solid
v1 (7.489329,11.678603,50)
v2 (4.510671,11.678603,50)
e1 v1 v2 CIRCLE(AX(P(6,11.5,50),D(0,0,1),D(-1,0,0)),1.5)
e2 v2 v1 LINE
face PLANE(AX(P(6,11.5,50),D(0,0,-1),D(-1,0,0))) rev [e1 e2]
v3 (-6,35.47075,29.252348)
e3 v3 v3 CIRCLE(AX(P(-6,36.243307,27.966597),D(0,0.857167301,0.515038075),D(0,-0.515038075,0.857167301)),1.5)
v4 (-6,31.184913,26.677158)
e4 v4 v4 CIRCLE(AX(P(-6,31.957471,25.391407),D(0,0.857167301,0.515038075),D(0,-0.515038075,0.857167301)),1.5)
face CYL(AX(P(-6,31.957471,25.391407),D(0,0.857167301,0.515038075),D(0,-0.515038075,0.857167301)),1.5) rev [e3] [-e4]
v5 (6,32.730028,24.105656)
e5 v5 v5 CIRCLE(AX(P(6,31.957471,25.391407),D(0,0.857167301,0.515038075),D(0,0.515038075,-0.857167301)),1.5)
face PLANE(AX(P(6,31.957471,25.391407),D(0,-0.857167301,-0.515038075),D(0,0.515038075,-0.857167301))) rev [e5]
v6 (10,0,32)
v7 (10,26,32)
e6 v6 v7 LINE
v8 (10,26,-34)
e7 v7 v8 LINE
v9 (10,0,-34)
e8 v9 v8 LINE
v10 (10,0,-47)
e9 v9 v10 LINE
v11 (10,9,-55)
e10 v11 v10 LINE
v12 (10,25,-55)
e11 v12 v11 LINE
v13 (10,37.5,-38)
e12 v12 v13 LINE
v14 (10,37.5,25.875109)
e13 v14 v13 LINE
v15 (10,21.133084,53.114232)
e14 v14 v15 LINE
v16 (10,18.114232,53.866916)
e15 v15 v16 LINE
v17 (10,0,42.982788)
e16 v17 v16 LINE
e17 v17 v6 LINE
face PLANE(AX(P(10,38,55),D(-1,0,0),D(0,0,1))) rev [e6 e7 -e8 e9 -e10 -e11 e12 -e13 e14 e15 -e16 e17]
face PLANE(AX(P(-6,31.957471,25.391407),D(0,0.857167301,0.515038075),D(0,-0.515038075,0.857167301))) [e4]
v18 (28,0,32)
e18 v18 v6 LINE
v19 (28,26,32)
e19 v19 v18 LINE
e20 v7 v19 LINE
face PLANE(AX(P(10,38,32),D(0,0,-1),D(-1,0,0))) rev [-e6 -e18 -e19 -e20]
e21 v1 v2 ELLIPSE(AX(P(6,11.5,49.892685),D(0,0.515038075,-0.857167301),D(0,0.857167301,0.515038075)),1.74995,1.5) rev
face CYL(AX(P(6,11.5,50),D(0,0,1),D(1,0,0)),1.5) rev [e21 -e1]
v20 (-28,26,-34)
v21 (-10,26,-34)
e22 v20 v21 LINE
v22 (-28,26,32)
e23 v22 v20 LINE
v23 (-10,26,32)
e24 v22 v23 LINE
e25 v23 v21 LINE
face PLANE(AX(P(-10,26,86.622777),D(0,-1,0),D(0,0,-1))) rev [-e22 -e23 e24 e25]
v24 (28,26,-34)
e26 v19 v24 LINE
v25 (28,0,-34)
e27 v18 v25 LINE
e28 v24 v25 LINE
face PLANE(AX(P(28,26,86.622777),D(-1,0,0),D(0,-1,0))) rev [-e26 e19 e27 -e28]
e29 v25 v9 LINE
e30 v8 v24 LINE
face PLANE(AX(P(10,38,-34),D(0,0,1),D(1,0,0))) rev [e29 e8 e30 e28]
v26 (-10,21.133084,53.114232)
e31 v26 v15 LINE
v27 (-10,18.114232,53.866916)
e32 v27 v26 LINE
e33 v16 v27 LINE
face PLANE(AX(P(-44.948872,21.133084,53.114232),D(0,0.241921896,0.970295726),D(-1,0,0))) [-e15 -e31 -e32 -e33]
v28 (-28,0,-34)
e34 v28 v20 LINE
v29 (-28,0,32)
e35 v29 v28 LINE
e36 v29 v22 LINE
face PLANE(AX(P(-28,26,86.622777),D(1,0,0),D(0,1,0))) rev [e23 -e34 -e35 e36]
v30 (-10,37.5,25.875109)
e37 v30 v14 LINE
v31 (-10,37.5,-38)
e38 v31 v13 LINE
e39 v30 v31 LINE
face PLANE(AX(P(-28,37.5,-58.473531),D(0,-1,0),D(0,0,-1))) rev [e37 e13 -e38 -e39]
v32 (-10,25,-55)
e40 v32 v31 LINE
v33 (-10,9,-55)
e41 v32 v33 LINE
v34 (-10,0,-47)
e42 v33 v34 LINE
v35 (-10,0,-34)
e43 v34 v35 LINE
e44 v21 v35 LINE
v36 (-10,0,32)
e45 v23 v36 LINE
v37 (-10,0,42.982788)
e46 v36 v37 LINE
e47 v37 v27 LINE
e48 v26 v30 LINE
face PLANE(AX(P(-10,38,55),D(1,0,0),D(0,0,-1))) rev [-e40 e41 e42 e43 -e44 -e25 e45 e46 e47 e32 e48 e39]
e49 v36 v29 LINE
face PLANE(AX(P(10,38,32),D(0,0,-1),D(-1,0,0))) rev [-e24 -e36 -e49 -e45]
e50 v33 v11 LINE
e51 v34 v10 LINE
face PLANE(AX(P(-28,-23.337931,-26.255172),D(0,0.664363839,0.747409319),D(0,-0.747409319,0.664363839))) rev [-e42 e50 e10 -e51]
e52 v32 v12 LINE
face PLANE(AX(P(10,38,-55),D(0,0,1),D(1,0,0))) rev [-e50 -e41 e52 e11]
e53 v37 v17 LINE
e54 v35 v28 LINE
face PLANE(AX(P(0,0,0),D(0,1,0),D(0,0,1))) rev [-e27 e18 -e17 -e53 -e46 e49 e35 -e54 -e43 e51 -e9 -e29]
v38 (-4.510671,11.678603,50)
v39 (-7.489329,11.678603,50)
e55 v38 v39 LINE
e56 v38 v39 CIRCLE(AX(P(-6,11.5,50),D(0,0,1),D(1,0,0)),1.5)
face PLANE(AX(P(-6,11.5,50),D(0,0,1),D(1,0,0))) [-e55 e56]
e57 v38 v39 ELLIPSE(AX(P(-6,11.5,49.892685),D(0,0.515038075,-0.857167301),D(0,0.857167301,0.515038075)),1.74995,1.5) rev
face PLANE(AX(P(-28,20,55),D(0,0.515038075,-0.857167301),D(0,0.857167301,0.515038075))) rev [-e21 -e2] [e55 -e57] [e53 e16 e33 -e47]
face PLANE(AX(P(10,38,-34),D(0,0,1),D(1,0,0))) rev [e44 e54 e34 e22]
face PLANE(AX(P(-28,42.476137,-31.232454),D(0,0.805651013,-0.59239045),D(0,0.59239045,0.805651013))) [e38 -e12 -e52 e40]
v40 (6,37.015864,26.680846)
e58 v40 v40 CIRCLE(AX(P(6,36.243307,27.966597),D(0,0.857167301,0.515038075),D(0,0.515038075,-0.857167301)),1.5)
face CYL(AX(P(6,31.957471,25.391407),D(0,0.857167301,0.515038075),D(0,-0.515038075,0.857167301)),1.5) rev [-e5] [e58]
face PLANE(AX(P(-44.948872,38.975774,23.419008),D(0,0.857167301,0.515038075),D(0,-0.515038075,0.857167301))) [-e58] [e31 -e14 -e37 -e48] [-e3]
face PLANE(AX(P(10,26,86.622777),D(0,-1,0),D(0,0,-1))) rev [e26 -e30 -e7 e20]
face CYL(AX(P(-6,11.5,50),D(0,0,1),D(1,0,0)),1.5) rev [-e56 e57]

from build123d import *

# Parameters (mm, degrees)
SKETCH_1_W           = 20
SKETCH_1_H           = 110
EXTRUDE_1_DEPTH      = 38
EXTRUDE_4_DEPTH      = 32
EXTRUDE_4_DEPTH_BACK = 34
SKETCH_2_W           = 18
SKETCH_2_H           = 26
CUT_EXTRUDE_1_DEPTH  = 20
SKETCH_9_R           = 1.5
CUT_EXTRUDE_3_DEPTH  = 5
SKETCH_10_W          = 99.275483207
SKETCH_10_H          = 3
CUT_EXTRUDE_4_DEPTH  = 77.896033708
SKETCH_8_R           = 1.5
CUT_EXTRUDE_2_DEPTH  = 5
CUT_EXTRUDE_5_DEPTH  = 77.650179387
CUT_EXTRUDE_6_DEPTH  = 77.650179387
CHAMFER_1_SIZE       = 2.2


with BuildPart() as part:
    # 草图1 → 凸台-拉伸1 (new body)
    with BuildSketch(Plane(origin=(0, 0, 0), x_dir=(1, 0, 0), z_dir=(0, 1, 0))):
        Rectangle(SKETCH_1_W, SKETCH_1_H)
    extrude(amount=EXTRUDE_1_DEPTH)

    # 草图2 → 凸台-拉伸4 (add, two sides: drawn at the far end of the back side and taken through both)
    with BuildSketch(Plane.XY.offset(-EXTRUDE_4_DEPTH_BACK)):
        with Locations((19, 13)):
            Rectangle(SKETCH_2_W, SKETCH_2_H)
        with Locations((-19, 13)):
            Rectangle(SKETCH_2_W, SKETCH_2_H)
    extrude(amount=EXTRUDE_4_DEPTH + EXTRUDE_4_DEPTH_BACK)

    # 草图7 → 切除-拉伸1 (cut)
    with BuildSketch(Plane(origin=(10, 0, 0), x_dir=(0, 0, -1), z_dir=(1, 0, 0))):
        Polygon((-55, 38), (-55, 20), (-25.042969318, 38), align=None)
    extrude(amount=-CUT_EXTRUDE_1_DEPTH, mode=Mode.SUBTRACT)

    # 草图9 → 切除-拉伸3 (cut)
    with BuildSketch(Plane.XY.offset(55)):
        with Locations((-6, 11.5)):
            Circle(SKETCH_9_R)
        with Locations(Location((6, 11.5, 0), (0, 0, 180))):
            Circle(SKETCH_9_R)
    extrude(amount=-CUT_EXTRUDE_3_DEPTH, mode=Mode.SUBTRACT)

    # 草图10 → 切除-拉伸4 (cut, through all)
    with BuildSketch(Plane(origin=(10, 0, 0), x_dir=(0, 0, -1), z_dir=(1, 0, 0))):
        with Locations((8.83578939, 39)):
            Rectangle(SKETCH_10_W, SKETCH_10_H)
    extrude(amount=-CUT_EXTRUDE_4_DEPTH, mode=Mode.SUBTRACT)

    # 草图8 → 切除-拉伸2 (cut)
    with BuildSketch(Plane(origin=(0, 38.975774431, 23.419007952), x_dir=(1, 0, 0), z_dir=(0, 0.8571673007021134, 0.5150380749100524))):
        with Locations(Location((-6, -5.305369578, 0), (0, 0, 270))):
            Circle(SKETCH_8_R)
        with Locations(Location((6, -5.305369578, 0), (0, 0, 90))):
            Circle(SKETCH_8_R)
    extrude(amount=-CUT_EXTRUDE_2_DEPTH, mode=Mode.SUBTRACT)

    # 草图11 → 切除-拉伸5 (cut, through all)
    with BuildSketch(Plane(origin=(10, 0, 0), x_dir=(0, 0, -1), z_dir=(1, 0, 0))):
        Polygon((55, 37.5), (38, 37.5), (55, 25), align=None)
        Polygon((55, 0), (55, 9), (47, 0), align=None)
    extrude(amount=-CUT_EXTRUDE_5_DEPTH, mode=Mode.SUBTRACT)

    # 草图12 → 切除-拉伸6 (cut, through all)
    with BuildSketch(Plane(origin=(10, 0, 0), x_dir=(0, 0, -1), z_dir=(1, 0, 0))):
        Polygon((-55, 20), (-42.982787619, 0), (-55, 0), align=None)
    extrude(amount=-CUT_EXTRUDE_6_DEPTH, mode=Mode.SUBTRACT)

    # 倒角1
    chamfer_1_edges = [part.edges().sort_by_distance(p)[0] for p in [
        (0, 20, 55),
    ]]
    chamfer(chamfer_1_edges, length=CHAMFER_1_SIZE)


solid = part.part
